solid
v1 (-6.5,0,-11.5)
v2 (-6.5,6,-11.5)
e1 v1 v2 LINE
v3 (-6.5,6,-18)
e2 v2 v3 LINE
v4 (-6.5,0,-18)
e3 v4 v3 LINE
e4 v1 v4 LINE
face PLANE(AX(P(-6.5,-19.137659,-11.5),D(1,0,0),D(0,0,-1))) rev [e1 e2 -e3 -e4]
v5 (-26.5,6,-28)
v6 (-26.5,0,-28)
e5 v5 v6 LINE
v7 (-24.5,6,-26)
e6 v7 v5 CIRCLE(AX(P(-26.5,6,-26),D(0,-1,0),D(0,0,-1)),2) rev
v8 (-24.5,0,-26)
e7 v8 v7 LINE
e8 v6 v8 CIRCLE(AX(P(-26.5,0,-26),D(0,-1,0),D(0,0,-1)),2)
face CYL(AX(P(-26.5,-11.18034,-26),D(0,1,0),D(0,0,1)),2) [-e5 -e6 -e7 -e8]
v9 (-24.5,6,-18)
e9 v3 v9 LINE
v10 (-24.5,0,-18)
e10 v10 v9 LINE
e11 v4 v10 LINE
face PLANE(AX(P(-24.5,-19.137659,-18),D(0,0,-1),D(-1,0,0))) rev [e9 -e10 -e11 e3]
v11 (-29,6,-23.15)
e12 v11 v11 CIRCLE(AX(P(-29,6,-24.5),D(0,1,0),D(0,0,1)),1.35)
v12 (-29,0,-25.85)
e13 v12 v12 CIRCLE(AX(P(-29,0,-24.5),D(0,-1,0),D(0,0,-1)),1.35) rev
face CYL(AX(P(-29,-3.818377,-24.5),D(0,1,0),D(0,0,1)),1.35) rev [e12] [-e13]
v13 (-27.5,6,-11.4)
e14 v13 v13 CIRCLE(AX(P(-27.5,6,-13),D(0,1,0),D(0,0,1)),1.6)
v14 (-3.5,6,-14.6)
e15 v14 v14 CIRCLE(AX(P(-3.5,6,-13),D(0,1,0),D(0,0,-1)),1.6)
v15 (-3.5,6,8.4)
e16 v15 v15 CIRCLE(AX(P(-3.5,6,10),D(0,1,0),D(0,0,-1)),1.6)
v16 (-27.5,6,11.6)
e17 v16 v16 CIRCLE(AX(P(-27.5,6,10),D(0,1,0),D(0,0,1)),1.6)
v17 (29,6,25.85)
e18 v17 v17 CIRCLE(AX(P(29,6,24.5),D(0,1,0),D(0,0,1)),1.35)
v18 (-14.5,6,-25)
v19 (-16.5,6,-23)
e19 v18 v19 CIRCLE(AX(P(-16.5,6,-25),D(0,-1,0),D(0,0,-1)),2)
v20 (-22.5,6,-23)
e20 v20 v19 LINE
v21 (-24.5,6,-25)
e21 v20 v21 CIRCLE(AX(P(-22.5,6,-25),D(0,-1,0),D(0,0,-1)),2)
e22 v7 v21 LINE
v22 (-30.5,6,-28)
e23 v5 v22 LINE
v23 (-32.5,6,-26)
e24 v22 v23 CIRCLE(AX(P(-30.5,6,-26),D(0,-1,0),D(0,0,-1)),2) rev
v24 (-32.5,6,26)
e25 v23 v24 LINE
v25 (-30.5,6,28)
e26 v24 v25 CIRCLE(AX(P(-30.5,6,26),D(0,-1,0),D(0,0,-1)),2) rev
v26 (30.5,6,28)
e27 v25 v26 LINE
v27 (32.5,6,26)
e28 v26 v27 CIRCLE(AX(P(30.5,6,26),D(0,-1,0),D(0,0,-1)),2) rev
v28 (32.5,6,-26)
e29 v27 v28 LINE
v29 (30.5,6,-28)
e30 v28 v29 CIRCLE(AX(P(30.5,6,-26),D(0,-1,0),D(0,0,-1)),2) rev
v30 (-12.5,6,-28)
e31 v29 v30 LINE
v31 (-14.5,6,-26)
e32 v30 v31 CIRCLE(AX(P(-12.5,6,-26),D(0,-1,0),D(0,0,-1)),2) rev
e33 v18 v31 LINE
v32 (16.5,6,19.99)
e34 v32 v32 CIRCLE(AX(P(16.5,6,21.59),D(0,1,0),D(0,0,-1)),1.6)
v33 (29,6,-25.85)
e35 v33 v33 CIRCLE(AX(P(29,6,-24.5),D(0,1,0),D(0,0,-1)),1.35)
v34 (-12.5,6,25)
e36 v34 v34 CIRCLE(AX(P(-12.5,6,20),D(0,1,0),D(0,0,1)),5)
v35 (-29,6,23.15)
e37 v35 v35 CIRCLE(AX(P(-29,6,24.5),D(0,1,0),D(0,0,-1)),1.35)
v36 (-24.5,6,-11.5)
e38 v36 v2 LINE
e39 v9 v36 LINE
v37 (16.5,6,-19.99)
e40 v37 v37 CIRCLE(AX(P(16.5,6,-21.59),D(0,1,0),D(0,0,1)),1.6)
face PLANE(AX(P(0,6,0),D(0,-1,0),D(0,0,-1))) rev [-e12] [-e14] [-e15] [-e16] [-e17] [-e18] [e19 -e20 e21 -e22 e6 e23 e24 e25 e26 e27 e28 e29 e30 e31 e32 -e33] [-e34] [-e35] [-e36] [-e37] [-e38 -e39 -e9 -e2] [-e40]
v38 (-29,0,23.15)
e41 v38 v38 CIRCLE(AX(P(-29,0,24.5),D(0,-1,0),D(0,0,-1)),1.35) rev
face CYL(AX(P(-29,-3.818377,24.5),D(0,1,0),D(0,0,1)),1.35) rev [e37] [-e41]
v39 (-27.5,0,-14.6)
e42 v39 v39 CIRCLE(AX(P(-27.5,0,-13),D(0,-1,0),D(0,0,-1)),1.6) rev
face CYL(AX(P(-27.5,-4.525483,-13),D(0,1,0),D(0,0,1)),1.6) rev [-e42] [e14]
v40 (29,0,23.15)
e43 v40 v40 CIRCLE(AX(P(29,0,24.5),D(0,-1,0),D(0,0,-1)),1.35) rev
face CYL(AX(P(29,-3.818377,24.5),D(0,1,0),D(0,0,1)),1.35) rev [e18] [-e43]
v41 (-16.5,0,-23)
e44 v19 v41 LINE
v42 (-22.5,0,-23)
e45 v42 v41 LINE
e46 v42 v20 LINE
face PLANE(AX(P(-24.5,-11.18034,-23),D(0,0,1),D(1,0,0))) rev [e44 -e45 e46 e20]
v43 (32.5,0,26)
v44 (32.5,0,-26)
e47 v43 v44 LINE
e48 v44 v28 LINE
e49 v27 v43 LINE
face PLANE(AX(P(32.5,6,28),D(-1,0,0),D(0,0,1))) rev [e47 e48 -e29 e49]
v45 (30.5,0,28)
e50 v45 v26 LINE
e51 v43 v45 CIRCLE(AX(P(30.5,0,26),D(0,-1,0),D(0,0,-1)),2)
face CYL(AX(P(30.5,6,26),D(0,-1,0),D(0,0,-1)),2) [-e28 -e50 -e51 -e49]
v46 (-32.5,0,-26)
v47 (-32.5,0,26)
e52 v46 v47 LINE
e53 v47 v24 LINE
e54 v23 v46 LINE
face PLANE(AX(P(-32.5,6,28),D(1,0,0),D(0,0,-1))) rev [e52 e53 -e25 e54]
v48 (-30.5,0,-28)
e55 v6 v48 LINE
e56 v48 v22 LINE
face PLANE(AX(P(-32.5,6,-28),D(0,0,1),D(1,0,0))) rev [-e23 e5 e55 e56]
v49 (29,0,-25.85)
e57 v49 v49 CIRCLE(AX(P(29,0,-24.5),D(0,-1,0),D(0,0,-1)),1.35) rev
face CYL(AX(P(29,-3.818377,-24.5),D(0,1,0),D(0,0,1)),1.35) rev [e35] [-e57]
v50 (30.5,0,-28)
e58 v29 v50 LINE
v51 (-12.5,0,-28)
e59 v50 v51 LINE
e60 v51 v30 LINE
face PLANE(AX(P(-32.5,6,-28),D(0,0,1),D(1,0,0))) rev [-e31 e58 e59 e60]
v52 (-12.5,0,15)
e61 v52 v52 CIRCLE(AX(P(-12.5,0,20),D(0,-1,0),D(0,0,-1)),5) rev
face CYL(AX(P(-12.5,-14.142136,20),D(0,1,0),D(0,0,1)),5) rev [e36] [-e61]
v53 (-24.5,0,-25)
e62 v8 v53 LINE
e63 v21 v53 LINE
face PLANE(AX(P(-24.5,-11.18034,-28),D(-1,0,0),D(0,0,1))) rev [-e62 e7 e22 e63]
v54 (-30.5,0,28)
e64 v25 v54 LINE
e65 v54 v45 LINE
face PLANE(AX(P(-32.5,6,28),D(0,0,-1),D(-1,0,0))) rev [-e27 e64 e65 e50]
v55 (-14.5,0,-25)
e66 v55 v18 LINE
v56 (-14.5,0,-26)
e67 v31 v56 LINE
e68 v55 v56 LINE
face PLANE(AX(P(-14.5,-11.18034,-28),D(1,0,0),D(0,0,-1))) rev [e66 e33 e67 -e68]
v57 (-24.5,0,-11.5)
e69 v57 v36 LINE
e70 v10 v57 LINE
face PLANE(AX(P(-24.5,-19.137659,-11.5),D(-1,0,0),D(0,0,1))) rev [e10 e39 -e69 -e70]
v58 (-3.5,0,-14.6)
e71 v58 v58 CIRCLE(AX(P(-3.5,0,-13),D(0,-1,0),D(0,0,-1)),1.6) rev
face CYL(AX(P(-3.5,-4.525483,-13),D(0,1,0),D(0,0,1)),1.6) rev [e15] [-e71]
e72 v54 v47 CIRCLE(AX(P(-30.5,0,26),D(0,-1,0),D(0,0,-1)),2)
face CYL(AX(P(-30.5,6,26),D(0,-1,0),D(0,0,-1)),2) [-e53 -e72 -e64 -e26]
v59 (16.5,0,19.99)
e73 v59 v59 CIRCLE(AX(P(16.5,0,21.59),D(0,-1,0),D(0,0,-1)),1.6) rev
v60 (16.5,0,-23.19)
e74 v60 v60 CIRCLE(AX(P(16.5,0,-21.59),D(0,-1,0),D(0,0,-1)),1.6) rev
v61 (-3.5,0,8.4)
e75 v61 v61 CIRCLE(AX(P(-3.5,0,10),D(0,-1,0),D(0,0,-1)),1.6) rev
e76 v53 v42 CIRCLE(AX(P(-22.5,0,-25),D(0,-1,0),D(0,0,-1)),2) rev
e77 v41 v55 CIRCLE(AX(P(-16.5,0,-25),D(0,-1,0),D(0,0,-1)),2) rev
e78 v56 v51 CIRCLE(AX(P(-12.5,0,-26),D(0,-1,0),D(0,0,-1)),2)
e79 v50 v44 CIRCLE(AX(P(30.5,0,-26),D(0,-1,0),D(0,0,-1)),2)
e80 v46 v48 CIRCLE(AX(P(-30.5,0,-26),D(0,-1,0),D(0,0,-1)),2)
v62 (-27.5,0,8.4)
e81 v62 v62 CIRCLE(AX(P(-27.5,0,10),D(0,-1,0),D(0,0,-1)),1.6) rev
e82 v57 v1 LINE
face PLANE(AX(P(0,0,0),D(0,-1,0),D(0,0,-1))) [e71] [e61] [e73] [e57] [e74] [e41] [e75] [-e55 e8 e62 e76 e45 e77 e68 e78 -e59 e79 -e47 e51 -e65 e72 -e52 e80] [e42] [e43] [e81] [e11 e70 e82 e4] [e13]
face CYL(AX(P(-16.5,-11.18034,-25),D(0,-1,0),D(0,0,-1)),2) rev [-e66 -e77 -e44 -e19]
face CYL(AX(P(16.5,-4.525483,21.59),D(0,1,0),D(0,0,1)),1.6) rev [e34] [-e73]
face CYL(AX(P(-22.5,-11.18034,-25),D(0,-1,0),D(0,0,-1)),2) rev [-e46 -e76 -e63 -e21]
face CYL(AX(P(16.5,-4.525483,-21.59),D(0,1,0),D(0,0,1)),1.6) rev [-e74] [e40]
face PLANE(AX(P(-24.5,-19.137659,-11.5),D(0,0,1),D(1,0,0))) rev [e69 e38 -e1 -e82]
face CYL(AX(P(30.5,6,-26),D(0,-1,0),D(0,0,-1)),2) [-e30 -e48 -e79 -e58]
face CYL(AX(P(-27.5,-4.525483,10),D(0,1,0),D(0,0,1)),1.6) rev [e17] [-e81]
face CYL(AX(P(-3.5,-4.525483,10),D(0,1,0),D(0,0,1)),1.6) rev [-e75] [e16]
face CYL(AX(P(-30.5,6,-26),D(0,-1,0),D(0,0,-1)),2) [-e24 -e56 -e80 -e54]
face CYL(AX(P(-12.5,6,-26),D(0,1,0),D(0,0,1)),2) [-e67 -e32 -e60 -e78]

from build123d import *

# Parameters (mm, degrees)
SKETCH_1_W          = 65
SKETCH_1_H          = 56
EXTRUDE_1_DEPTH     = 6
SKETCH_2_R          = 1.35
CUT_EXTRUDE_1_DEPTH = 6
FILLET_2_R          = 2
SKETCH_5_R          = 1.6
CUT_EXTRUDE_3_DEPTH = 6
SKETCH_7_R          = 1.6
CUT_EXTRUDE_4_DEPTH = 6
SKETCH_8_R          = 5
CUT_EXTRUDE_5_DEPTH = 6
SKETCH_9_W          = 18
SKETCH_9_H          = 6.5
CUT_EXTRUDE_6_DEPTH = 6
SKETCH_10_W         = 10
SKETCH_10_H         = 5
CUT_EXTRUDE_7_DEPTH = 6
FILLET_3_R          = 2


with BuildPart() as part:
    # 草图1 → 凸台-拉伸1 (new body)
    with BuildSketch(Plane(origin=(0, 0, 0), x_dir=(1, 0, 0), z_dir=(0, 1, 0))):
        Rectangle(SKETCH_1_W, SKETCH_1_H)
    extrude(amount=EXTRUDE_1_DEPTH)

    # 草图2 → 切除-拉伸1 (cut)
    with BuildSketch(Plane(origin=(0, 6, 0), x_dir=(1, 0, 0), z_dir=(0, 1, 0))):
        with Locations(Location((-29, 24.5, 0), (0, 0, 270))):
            Circle(SKETCH_2_R)
        with Locations(Location((29, 24.5, 0), (0, 0, 90))):
            Circle(SKETCH_2_R)
        with Locations(Location((29, -24.5, 0), (0, 0, 270))):
            Circle(SKETCH_2_R)
        with Locations(Location((-29, -24.5, 0), (0, 0, 90))):
            Circle(SKETCH_2_R)
    extrude(amount=-CUT_EXTRUDE_1_DEPTH, mode=Mode.SUBTRACT)

    # 圆角2
    fillet_2_edges = [part.edges().sort_by_distance(p)[0] for p in [
        (32.5, 3, 28),
        (-32.5, 3, 28),
        (-32.5, 3, -28),
        (32.5, 3, -28),
    ]]
    fillet(fillet_2_edges, radius=FILLET_2_R)

    # 草图5 → 切除-拉伸3 (cut)
    with BuildSketch(Plane(origin=(0, 6, 0), x_dir=(1, 0, 0), z_dir=(0, 1, 0))):
        with Locations(Location((-27.5, 13, 0), (0, 0, 270))):
            Circle(SKETCH_5_R)
        with Locations(Location((-3.5, 13, 0), (0, 0, 90))):
            Circle(SKETCH_5_R)
        with Locations(Location((-27.5, -10, 0), (0, 0, 270))):
            Circle(SKETCH_5_R)
        with Locations(Location((-3.5, -10, 0), (0, 0, 90))):
            Circle(SKETCH_5_R)
    extrude(amount=-CUT_EXTRUDE_3_DEPTH, mode=Mode.SUBTRACT)

    # 草图7 → 切除-拉伸4 (cut)
    with BuildSketch(Plane(origin=(0, 6, 0), x_dir=(1, 0, 0), z_dir=(0, 1, 0))):
        with Locations(Location((16.5, 21.59, 0), (0, 0, 270))):
            Circle(SKETCH_7_R)
        with Locations(Location((16.5, -21.59, 0), (0, 0, 90))):
            Circle(SKETCH_7_R)
    extrude(amount=-CUT_EXTRUDE_4_DEPTH, mode=Mode.SUBTRACT)

    # 草图8 → 切除-拉伸5 (cut)
    with BuildSketch(Plane(origin=(0, 6, 0), x_dir=(1, 0, 0), z_dir=(0, 1, 0))):
        with Locations(Location((-12.5, -20, 0), (0, 0, 270))):
            Circle(SKETCH_8_R)
    extrude(amount=-CUT_EXTRUDE_5_DEPTH, mode=Mode.SUBTRACT)

    # 草图9 → 切除-拉伸6 (cut)
    with BuildSketch(Plane(origin=(0, 6, 0), x_dir=(1, 0, 0), z_dir=(0, 1, 0))):
        with Locations((-15.5, 14.75)):
            Rectangle(SKETCH_9_W, SKETCH_9_H)
    extrude(amount=-CUT_EXTRUDE_6_DEPTH, mode=Mode.SUBTRACT)

    # 草图10 → 切除-拉伸7 (cut)
    with BuildSketch(Plane(origin=(0, 6, 0), x_dir=(1, 0, 0), z_dir=(0, 1, 0))):
        with Locations((-19.5, 25.5)):
            Rectangle(SKETCH_10_W, SKETCH_10_H)
    extrude(amount=-CUT_EXTRUDE_7_DEPTH, mode=Mode.SUBTRACT)

    # 圆角3
    fillet_3_edges = [part.edges().sort_by_distance(p)[0] for p in [
        (-14.5, 3, -23),
        (-14.5, 3, -28),
        (-24.5, 3, -28),
        (-24.5, 3, -23),
    ]]
    fillet(fillet_3_edges, radius=FILLET_3_R)


solid = part.part
